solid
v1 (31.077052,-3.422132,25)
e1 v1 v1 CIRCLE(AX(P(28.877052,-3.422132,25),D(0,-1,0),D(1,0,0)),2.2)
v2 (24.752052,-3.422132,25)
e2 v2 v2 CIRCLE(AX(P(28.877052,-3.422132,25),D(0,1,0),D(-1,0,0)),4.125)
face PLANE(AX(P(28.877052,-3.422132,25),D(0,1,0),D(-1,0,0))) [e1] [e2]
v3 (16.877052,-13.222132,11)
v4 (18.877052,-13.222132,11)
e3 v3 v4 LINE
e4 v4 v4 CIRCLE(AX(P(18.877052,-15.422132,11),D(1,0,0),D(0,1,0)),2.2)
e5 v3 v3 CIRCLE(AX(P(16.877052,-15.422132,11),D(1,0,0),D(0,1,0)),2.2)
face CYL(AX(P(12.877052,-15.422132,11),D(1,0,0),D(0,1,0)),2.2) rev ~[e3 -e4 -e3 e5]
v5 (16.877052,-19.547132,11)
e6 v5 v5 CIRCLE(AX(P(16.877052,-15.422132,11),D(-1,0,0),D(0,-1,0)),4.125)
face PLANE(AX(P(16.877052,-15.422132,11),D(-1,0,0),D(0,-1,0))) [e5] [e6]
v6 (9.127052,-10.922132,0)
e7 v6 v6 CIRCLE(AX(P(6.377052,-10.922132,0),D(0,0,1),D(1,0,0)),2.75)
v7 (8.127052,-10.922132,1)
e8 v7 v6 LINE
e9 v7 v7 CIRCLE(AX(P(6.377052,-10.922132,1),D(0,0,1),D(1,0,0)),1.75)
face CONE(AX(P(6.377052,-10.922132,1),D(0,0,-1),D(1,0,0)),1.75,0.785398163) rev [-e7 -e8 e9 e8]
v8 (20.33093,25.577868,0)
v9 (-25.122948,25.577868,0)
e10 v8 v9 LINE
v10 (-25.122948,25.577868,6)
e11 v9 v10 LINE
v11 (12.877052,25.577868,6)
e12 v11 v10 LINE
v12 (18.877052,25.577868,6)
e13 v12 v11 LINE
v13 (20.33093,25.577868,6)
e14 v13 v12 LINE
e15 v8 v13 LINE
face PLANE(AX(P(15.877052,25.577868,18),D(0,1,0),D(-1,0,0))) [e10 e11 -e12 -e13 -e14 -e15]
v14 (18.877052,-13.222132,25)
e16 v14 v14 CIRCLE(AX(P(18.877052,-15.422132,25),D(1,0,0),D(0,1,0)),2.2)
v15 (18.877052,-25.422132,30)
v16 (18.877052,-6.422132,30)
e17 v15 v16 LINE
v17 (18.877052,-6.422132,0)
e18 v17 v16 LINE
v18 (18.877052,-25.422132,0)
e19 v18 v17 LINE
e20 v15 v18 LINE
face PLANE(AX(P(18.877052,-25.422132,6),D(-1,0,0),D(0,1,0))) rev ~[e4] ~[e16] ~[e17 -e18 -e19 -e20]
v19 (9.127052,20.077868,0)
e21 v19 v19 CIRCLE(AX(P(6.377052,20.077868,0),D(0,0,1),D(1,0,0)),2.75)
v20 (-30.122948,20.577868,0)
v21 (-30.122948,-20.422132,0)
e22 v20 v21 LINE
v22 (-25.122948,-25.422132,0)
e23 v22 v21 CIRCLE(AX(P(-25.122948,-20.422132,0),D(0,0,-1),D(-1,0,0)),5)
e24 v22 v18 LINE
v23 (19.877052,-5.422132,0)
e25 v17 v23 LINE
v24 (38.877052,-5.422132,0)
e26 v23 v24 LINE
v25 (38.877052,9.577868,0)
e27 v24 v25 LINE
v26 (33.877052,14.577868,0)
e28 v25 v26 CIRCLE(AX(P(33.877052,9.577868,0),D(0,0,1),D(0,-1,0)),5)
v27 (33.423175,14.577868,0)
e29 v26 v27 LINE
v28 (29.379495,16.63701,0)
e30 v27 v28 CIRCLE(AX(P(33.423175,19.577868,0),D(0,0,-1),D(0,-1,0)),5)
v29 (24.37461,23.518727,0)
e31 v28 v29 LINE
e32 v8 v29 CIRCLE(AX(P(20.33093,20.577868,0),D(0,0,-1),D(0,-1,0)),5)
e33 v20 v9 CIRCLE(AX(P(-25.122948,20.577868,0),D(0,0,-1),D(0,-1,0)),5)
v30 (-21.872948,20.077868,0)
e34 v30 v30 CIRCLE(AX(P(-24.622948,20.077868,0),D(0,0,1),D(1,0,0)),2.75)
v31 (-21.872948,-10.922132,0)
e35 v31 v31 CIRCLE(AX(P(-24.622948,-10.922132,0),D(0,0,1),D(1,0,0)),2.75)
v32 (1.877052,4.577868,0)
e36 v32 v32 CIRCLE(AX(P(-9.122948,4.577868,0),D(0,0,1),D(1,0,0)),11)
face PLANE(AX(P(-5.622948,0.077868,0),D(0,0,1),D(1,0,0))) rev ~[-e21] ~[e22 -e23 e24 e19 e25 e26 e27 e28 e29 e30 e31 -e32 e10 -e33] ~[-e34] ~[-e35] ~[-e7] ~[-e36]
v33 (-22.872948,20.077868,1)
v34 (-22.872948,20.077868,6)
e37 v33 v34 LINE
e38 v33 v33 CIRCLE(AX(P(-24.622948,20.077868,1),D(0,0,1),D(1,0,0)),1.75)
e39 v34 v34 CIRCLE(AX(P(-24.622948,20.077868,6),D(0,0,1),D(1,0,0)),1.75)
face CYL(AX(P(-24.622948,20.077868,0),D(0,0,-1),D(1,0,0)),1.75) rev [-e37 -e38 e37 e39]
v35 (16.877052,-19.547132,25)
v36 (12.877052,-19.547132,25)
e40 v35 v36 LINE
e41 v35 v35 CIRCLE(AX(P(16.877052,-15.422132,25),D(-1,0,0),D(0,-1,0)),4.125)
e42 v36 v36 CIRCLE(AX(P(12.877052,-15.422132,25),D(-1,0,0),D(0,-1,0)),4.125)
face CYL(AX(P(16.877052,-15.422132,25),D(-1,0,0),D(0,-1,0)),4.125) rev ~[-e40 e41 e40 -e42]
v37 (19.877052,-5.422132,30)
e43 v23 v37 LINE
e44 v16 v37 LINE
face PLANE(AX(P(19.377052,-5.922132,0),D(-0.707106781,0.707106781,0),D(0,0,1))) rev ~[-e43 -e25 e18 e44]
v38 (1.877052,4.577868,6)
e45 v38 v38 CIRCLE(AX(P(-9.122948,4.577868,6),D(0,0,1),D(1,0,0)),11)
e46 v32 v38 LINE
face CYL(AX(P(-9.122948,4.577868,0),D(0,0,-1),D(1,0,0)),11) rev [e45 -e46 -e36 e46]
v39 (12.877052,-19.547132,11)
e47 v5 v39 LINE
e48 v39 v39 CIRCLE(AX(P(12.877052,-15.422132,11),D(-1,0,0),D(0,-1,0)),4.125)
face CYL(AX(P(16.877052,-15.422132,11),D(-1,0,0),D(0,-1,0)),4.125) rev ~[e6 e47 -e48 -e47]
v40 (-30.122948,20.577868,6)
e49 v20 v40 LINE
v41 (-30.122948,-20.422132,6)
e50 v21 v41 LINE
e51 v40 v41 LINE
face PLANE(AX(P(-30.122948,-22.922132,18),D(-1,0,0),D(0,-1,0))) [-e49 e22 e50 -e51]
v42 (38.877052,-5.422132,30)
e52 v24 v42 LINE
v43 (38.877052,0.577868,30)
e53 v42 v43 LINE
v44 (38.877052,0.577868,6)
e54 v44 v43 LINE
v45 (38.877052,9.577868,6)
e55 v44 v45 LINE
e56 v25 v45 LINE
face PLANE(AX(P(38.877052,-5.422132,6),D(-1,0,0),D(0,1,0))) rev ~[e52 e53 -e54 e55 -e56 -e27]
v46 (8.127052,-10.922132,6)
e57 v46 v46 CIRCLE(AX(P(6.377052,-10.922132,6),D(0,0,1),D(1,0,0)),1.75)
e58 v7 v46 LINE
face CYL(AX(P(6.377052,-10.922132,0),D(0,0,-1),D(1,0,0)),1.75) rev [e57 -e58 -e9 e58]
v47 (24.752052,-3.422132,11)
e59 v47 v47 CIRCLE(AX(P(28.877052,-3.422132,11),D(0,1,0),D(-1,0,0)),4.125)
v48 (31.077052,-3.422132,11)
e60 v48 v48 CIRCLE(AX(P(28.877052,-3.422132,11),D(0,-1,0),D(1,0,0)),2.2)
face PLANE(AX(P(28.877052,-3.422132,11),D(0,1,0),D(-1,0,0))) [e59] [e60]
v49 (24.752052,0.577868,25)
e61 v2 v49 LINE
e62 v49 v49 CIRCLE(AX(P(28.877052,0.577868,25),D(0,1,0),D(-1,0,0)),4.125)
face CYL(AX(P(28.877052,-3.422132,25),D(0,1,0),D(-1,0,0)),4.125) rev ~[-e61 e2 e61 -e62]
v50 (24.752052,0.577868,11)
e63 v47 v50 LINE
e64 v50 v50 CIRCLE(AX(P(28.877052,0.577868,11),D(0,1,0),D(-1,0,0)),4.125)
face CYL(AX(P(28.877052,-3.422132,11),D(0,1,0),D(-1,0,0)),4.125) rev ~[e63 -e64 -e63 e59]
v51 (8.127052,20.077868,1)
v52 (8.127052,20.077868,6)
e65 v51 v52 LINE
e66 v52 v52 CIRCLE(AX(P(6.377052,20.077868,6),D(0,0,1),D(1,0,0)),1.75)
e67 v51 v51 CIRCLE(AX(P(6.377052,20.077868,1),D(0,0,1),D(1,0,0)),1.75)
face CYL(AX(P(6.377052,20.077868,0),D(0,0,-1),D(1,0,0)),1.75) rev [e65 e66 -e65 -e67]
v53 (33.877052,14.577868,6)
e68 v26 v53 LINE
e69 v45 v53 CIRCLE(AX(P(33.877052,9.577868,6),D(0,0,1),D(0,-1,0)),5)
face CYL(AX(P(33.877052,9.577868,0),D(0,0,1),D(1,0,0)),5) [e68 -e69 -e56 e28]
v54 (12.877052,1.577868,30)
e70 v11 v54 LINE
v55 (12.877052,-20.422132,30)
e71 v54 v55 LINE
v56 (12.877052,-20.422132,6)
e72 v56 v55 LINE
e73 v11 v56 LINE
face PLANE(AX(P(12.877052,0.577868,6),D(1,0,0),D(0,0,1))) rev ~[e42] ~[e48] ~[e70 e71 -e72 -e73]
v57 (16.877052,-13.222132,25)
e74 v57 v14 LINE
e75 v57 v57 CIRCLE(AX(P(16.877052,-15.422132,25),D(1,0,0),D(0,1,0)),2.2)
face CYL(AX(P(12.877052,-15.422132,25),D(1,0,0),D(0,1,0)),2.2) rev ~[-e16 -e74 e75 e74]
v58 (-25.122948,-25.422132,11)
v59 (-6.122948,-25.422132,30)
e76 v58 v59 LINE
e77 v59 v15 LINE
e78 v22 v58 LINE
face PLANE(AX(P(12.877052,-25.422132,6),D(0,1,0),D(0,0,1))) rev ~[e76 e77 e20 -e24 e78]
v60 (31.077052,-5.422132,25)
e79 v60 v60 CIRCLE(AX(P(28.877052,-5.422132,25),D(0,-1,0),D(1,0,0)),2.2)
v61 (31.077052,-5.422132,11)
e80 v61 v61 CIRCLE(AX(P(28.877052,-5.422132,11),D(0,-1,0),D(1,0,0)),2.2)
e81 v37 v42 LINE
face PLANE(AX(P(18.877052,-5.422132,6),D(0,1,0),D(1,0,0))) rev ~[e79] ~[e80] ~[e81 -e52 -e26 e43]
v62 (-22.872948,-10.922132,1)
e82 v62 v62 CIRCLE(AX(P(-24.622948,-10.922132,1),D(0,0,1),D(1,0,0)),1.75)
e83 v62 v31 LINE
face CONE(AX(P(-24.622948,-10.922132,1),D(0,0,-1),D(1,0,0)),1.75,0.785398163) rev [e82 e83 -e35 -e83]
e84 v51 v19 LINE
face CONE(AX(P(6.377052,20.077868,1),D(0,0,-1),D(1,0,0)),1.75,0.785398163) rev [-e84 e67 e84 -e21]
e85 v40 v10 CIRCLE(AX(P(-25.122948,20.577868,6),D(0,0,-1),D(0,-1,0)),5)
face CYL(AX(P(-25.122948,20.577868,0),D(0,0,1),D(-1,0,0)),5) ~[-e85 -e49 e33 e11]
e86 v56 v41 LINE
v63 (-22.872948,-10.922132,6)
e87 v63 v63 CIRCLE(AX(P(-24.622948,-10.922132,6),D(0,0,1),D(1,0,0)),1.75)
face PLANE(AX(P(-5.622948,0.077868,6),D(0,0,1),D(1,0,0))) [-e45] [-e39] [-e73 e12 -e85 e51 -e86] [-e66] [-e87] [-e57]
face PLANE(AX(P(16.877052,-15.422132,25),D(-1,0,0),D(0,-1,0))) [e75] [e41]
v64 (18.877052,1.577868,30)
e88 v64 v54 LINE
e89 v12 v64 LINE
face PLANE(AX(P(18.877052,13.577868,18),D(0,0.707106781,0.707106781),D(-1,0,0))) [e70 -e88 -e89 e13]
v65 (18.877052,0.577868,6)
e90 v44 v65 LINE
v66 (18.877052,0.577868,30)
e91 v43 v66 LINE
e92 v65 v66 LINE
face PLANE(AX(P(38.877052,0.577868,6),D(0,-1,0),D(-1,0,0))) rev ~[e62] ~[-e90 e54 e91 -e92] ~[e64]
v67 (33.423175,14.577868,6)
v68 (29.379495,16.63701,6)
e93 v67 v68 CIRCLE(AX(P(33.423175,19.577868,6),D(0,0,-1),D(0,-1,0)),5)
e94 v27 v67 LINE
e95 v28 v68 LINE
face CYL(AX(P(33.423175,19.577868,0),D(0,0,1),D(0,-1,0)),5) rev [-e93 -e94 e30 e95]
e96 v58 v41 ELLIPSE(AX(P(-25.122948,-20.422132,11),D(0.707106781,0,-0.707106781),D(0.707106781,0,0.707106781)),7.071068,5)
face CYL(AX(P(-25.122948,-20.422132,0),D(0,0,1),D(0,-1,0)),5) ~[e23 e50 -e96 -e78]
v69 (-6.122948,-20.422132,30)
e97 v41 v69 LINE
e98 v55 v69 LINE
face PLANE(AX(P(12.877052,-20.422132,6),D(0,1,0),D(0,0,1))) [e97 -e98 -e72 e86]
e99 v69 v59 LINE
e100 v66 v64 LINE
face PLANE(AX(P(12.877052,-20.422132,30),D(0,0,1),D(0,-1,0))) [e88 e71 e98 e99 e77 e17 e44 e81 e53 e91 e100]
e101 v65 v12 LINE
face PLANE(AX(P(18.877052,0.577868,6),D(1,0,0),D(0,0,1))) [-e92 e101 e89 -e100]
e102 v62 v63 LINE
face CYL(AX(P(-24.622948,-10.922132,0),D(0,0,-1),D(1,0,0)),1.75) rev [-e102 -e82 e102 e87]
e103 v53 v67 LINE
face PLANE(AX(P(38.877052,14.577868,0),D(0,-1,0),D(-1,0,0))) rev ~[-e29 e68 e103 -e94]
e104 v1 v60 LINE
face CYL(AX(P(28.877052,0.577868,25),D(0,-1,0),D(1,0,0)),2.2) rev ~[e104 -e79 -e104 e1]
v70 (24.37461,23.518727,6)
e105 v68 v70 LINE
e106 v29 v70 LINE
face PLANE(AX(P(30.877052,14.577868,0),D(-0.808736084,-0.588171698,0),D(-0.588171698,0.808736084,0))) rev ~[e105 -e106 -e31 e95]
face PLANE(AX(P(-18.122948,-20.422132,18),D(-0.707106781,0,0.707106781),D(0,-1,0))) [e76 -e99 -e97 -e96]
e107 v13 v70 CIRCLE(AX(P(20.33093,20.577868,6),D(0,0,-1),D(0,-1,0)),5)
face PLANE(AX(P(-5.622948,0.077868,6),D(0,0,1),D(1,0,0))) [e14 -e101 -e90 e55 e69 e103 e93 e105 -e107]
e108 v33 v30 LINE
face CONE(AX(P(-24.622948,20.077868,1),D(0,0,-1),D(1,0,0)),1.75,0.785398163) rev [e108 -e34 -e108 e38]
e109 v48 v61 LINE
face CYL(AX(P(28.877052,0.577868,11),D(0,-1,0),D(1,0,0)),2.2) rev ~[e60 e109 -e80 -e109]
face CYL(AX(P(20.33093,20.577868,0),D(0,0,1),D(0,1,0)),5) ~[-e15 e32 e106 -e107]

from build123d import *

# Parameters (mm, degrees)
F0_R            = 1.75
F0_R_2          = 11
F1_DEPTH        = 6
F2_SIZE         = 1
F4_DEPTH        = 24
F5_DEPTH        = 10
F6_SIZE         = 1
F8_D            = 4.4
F8_CBORE_D      = 8.25
F8_CBORE_DEPTH  = 4
F10_D           = 4.4
F10_CBORE_D     = 8.25
F10_CBORE_DEPTH = 4
F11_W           = 6
F11_H           = 24
F12_DEPTH       = 25
F13_W           = 5
F13_H           = 24
F14_DEPTH       = 43
F15_SIZE        = 24
F16_R           = 5


with BuildPart() as f1:
    # F0 (on Top) → F1 (new body)
    with BuildSketch(Plane.XY):
        Polygon((18.8770524859, 25.5778683759), (-30.1229475141, 25.5778683759), (-30.1229475141, -25.4221316241), (18.8770524859, -25.4221316241), (18.8770524859, -5.4221316241), align=None)
        with Locations((-24.6229475141, -10.9221316241)):
            Circle(F0_R, mode=Mode.SUBTRACT)
        with Locations((6.3770524859, -10.9221316241)):
            Circle(F0_R, mode=Mode.SUBTRACT)
        with Locations((-9.1229475141, 4.5778683759)):
            Circle(F0_R_2, mode=Mode.SUBTRACT)
        with Locations((-24.6229475141, 20.0778683759)):
            Circle(F0_R, mode=Mode.SUBTRACT)
        with Locations((6.3770524859, 20.0778683759)):
            Circle(F0_R, mode=Mode.SUBTRACT)
        Polygon((22.8770524859, 25.5778683759), (18.8770524859, 25.5778683759), (18.8770524859, -5.4221316241), (38.8770524859, -5.4221316241), (38.8770524859, 14.5778683759), (30.8770524859, 14.5778683759), align=None)
    extrude(amount=F1_DEPTH)

    # F2
    f2_edges = [f1.edges().sort_by_distance(p)[0] for p in [
        (-26.372948, 20.077868, 0),
        (4.627052, 20.077868, 0),
        (4.627052, -10.922132, 0),
        (-26.372948, -10.922132, 0),
    ]]
    chamfer(f2_edges, length=F2_SIZE)

    # F3 (on face) → F4 (join)
    with BuildSketch(Plane.XY.offset(6)):
        Polygon((18.8770524859, -25.4221316241), (18.8770524859, -5.4221316241), (38.8770524859, -5.4221316241), (38.8770524859, 0.5778683759), (12.8770524859, 0.5778683759), (12.8770524859, -25.4221316241), align=None)
    extrude(amount=F4_DEPTH)

    # F3 (on face) → F5 (join)
    with BuildSketch(Plane.XY.offset(6)):
        Polygon((18.8770524859, -25.4221316241), (18.8770524859, -5.4221316241), (38.8770524859, -5.4221316241), (38.8770524859, 0.5778683759), (12.8770524859, 0.5778683759), (12.8770524859, -25.4221316241), align=None)
    extrude(amount=F5_DEPTH)

    # F6
    f6_edges = [f1.edges().sort_by_distance(p)[0] for p in [
        (18.877052, -5.422132, 15),
    ]]
    chamfer(f6_edges, length=F6_SIZE)

    # F8 (through all)
    with Locations(Plane(origin=(0, 0.5778683759, 0), x_dir=(-1, 0, 0), z_dir=(0, 1, 0))):
        with Locations((-28.8770524859, 25), (-28.8770524859, 11)):
            CounterBoreHole(F8_D / 2, F8_CBORE_D / 2, F8_CBORE_DEPTH)

    # F10 (through all)
    with Locations(Plane(origin=(12.8770524859, 0, 0), x_dir=(0, -1, 0), z_dir=(-1, 0, 0))):
        with Locations((15.4221316241, 25), (15.4221316241, 11)):
            CounterBoreHole(F10_D / 2, F10_CBORE_D / 2, F10_CBORE_DEPTH)

    # F11 (on face) → F12 (join, through all)
    with BuildSketch(Plane(origin=(0, 0.5778683759, 0), x_dir=(-1, 0, 0), z_dir=(0, 1, 0))):
        with Locations((-15.8770524859, 18)):
            Rectangle(F11_W, F11_H)
    extrude(amount=F12_DEPTH)

    # F13 (on face) → F14 (join, through all)
    with BuildSketch(Plane(origin=(12.8770524859, 0, 0), x_dir=(0, -1, 0), z_dir=(-1, 0, 0))):
        with Locations((22.9221316241, 18)):
            Rectangle(F13_W, F13_H)
    extrude(amount=F14_DEPTH)

    # F15
    f15_edges = [f1.edges().sort_by_distance(p)[0] for p in [
        (-30.122948, -22.922132, 30),
        (15.877052, 25.577868, 30),
    ]]
    chamfer(f15_edges, length=F15_SIZE)

    # F16
    f16_edges = [f1.edges().sort_by_distance(p)[0] for p in [
        (30.877052, 14.577868, 3),
        (22.877052, 25.577868, 3),
        (38.877052, 14.577868, 3),
        (-30.122948, -25.422132, 3),
        (-30.122948, 25.577868, 3),
    ]]
    fillet(f16_edges, radius=F16_R)


solid = f1.part
